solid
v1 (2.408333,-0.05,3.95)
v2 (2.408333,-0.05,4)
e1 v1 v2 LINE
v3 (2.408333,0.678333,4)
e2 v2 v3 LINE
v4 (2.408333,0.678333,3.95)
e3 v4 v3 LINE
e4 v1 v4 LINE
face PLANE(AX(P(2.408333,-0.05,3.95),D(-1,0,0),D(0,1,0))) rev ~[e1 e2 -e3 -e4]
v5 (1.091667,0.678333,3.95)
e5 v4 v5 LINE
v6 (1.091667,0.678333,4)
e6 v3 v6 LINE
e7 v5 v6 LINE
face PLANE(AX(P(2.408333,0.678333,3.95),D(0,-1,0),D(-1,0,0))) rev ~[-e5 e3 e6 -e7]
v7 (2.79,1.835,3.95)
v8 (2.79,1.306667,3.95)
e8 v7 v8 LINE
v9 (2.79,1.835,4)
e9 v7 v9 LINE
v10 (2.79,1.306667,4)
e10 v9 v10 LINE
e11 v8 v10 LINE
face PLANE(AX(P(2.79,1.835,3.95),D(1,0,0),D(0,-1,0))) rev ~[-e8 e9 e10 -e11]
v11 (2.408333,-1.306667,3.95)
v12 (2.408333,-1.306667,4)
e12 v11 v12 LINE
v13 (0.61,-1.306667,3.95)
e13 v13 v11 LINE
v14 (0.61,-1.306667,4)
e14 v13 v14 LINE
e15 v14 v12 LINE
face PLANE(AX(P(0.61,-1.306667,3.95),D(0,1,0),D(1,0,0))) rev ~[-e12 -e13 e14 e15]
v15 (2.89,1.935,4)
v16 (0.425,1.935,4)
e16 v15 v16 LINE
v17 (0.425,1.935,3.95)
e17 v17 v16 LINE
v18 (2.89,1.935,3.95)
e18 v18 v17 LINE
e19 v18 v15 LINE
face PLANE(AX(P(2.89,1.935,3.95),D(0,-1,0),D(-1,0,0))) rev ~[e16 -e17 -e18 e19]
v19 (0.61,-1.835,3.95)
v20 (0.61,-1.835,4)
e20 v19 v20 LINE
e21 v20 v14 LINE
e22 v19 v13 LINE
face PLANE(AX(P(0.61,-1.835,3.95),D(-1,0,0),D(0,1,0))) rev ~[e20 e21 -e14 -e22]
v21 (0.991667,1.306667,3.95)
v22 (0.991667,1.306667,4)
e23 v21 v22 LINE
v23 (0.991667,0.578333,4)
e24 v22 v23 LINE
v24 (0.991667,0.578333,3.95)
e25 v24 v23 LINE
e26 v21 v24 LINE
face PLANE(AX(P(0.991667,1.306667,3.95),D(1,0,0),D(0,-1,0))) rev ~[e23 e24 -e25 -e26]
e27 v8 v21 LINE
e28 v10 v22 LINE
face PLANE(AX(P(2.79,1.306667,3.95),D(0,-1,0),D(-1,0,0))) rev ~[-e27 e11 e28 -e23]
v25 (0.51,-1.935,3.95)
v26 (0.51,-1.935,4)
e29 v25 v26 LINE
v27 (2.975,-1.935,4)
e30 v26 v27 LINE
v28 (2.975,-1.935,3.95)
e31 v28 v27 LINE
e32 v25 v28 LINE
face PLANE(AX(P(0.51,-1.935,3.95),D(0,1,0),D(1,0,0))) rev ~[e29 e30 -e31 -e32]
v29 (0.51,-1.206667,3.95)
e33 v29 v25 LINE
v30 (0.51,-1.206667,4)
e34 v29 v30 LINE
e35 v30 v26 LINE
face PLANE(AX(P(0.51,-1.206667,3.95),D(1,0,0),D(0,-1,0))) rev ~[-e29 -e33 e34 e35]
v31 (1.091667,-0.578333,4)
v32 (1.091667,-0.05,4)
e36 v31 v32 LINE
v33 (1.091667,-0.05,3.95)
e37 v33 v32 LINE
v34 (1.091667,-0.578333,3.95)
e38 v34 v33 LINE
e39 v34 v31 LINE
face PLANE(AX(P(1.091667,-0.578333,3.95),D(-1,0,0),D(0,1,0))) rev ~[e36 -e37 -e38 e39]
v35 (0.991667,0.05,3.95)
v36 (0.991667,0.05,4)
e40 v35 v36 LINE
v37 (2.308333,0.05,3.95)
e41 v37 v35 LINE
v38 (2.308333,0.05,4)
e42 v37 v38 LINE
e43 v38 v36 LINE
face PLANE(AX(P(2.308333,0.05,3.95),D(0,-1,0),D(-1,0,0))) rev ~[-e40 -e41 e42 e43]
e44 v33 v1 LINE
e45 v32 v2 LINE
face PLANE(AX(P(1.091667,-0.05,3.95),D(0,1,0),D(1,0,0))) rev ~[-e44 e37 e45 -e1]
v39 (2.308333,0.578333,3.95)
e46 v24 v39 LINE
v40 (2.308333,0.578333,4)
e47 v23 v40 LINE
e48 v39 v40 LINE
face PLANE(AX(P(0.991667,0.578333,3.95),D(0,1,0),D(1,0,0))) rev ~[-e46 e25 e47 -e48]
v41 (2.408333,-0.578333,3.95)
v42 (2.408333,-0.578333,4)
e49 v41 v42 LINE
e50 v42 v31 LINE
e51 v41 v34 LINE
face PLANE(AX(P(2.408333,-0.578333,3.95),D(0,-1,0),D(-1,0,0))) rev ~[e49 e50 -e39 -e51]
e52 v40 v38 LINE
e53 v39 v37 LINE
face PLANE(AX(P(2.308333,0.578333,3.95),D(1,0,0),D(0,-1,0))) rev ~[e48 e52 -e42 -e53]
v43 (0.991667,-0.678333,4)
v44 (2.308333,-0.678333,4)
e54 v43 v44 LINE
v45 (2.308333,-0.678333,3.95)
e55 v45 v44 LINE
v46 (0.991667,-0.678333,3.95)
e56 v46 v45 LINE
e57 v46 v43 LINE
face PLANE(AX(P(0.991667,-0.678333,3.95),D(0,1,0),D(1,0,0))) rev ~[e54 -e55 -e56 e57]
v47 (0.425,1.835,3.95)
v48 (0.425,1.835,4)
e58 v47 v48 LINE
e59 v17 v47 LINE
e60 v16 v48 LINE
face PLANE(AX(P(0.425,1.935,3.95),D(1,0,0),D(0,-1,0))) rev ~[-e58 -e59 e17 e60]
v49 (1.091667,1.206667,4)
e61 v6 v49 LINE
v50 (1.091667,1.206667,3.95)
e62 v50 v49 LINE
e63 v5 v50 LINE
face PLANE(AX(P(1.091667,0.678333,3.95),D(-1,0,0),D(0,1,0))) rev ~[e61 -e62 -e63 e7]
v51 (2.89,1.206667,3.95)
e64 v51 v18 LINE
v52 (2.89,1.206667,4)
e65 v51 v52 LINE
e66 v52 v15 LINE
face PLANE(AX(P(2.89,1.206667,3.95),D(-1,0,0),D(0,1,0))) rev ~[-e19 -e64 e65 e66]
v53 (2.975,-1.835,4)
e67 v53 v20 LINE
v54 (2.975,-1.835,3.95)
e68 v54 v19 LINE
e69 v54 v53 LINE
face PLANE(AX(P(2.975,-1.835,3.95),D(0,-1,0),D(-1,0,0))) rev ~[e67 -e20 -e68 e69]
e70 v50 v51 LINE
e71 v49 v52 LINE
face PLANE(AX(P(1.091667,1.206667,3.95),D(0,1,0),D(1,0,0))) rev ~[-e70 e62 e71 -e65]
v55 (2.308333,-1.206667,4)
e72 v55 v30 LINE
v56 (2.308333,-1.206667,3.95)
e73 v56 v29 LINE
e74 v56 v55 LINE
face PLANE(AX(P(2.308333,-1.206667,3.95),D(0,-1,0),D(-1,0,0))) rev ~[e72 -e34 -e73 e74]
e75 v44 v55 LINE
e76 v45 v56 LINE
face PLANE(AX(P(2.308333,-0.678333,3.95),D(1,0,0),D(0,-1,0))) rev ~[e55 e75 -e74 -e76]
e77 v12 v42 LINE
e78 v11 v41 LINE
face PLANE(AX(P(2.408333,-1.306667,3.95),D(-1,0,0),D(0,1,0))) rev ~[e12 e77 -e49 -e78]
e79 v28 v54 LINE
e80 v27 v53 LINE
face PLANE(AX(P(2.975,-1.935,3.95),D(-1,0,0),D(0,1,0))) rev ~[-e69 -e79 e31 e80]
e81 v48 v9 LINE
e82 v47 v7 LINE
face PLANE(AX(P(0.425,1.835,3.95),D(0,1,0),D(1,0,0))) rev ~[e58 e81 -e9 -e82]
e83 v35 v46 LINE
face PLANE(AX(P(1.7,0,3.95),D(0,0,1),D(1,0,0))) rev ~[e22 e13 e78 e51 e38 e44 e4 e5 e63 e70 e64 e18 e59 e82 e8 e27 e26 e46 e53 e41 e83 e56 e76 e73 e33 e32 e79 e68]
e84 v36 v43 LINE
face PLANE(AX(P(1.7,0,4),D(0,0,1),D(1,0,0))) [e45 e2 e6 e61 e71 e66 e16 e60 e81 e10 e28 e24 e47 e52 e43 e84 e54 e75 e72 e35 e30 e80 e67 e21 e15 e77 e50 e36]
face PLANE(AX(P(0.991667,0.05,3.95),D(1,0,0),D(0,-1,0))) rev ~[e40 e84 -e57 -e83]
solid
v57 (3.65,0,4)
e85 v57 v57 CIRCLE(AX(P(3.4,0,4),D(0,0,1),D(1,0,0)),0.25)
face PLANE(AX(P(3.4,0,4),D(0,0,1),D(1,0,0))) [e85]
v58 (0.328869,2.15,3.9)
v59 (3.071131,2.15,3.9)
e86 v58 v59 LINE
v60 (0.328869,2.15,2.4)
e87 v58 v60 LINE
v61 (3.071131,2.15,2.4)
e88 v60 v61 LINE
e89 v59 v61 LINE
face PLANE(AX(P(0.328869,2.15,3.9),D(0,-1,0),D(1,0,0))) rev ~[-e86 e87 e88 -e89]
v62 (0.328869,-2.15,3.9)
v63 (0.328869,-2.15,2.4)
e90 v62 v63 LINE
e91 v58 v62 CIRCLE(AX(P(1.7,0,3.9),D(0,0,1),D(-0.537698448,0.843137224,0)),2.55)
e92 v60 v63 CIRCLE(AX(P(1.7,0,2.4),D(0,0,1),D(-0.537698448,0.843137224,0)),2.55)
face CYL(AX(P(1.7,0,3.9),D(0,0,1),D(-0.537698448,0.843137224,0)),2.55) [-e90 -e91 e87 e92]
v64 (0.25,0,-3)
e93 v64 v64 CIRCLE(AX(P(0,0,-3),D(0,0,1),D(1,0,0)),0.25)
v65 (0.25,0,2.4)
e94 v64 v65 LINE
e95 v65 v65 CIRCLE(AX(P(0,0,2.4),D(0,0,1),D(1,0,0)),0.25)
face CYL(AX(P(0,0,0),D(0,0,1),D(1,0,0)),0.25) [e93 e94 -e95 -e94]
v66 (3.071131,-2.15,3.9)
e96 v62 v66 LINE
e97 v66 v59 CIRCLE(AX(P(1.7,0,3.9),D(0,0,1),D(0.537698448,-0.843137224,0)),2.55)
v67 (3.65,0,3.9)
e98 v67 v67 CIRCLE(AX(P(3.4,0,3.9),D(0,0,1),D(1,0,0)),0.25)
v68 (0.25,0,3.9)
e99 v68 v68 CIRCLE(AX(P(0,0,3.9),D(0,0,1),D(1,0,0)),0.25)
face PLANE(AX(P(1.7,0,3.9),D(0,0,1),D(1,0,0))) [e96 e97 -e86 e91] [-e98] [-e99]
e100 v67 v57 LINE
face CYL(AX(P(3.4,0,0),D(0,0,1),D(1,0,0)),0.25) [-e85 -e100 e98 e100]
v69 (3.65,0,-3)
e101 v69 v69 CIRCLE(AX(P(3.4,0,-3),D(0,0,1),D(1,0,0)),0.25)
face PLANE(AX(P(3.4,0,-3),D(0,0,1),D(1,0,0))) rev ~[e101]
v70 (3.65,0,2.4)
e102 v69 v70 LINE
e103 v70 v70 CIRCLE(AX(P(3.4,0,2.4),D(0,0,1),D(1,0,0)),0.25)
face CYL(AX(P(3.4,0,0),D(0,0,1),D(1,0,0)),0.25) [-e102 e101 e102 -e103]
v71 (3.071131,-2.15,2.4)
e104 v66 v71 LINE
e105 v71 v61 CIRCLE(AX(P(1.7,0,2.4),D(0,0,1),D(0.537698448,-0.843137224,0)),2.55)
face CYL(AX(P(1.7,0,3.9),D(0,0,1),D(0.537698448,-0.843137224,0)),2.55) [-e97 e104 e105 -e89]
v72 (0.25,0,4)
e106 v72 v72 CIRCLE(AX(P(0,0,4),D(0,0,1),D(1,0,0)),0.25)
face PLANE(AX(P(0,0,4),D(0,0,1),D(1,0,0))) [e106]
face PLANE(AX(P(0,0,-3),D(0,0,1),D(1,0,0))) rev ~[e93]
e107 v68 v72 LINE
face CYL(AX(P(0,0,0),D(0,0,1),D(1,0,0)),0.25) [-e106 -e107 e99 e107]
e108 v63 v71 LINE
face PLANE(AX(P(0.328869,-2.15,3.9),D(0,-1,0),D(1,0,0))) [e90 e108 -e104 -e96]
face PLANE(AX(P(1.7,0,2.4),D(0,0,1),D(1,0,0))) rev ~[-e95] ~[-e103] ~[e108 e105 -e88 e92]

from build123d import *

# Parameters (mm, degrees)
PAD001_DEPTH   = 1.5
SKETCH_R       = 0.25
PAD_DEPTH      = 4
PAD_DEPTH_BACK = 3
PAD002_DEPTH   = 0.05


with BuildPart() as pad001:
    # Sketch001 → Pad001 (new body)
    with BuildSketch(Plane.XY.offset(3.9)):
        with BuildLine():
            ThreePointArc((0.328869, 2.15), (-0.85, 0), (0.328869, -2.15))
            Line((0.328869, -2.15), (3.071131, -2.15))
            ThreePointArc((3.071131, -2.15), (4.25, 0), (3.071131, 2.15))
            Line((0.328869, 2.15), (3.071131, 2.15))
        make_face()
    extrude(amount=-PAD001_DEPTH)


with BuildPart() as pad:
    # Sketch → Pad (new body, two sides)
    with BuildSketch(Plane.XY) as pad_sk:
        Circle(SKETCH_R)
        with Locations((3.4, 0)):
            Circle(SKETCH_R)
    extrude(amount=PAD_DEPTH)
    extrude(pad_sk.sketch, amount=-PAD_DEPTH_BACK)


with BuildPart() as r_ldr_5_1x4_3mm_p3_4mm_vertical:
    # Sketch002 → Pad002 (new body)
    with BuildSketch(Plane.XY.offset(3.95)):
        Polygon((0.425, 1.835), (2.79, 1.835), (2.79, 1.306667), (0.991667, 1.306667), (0.991667, 1.206667), (0.991667, 0.578333), (1.091667, 0.578333), (2.308333, 0.578333), (2.308333, 0.05), (0.991667, 0.05), (0.991667, -0.05), (0.991667, -0.678333), (1.091667, -0.678333), (2.308333, -0.678333), (2.308333, -1.206667), (0.51, -1.206667), (0.51, -1.306667), (0.51, -1.935), (0.61, -1.935), (2.975, -1.935), (2.975, -1.835), (0.61, -1.835), (0.61, -1.306667), (2.308333, -1.306667), (2.408333, -1.306667), (2.408333, -0.678333), (2.408333, -0.578333), (1.091667, -0.578333), (1.091667, -0.05), (2.308333, -0.05), (2.408333, -0.05), (2.408333, 0.578333), (2.408333, 0.678333), (1.091667, 0.678333), (1.091667, 1.206667), (2.79, 1.206667), (2.89, 1.206667), (2.89, 1.835), (2.89, 1.935), (0.425, 1.935), align=None)
    extrude(amount=PAD002_DEPTH)

    # Pad002_mp_cp: union Pad001, Pad
    add(pad001.part)
    add(pad.part)


solid = r_ldr_5_1x4_3mm_p3_4mm_vertical.part
